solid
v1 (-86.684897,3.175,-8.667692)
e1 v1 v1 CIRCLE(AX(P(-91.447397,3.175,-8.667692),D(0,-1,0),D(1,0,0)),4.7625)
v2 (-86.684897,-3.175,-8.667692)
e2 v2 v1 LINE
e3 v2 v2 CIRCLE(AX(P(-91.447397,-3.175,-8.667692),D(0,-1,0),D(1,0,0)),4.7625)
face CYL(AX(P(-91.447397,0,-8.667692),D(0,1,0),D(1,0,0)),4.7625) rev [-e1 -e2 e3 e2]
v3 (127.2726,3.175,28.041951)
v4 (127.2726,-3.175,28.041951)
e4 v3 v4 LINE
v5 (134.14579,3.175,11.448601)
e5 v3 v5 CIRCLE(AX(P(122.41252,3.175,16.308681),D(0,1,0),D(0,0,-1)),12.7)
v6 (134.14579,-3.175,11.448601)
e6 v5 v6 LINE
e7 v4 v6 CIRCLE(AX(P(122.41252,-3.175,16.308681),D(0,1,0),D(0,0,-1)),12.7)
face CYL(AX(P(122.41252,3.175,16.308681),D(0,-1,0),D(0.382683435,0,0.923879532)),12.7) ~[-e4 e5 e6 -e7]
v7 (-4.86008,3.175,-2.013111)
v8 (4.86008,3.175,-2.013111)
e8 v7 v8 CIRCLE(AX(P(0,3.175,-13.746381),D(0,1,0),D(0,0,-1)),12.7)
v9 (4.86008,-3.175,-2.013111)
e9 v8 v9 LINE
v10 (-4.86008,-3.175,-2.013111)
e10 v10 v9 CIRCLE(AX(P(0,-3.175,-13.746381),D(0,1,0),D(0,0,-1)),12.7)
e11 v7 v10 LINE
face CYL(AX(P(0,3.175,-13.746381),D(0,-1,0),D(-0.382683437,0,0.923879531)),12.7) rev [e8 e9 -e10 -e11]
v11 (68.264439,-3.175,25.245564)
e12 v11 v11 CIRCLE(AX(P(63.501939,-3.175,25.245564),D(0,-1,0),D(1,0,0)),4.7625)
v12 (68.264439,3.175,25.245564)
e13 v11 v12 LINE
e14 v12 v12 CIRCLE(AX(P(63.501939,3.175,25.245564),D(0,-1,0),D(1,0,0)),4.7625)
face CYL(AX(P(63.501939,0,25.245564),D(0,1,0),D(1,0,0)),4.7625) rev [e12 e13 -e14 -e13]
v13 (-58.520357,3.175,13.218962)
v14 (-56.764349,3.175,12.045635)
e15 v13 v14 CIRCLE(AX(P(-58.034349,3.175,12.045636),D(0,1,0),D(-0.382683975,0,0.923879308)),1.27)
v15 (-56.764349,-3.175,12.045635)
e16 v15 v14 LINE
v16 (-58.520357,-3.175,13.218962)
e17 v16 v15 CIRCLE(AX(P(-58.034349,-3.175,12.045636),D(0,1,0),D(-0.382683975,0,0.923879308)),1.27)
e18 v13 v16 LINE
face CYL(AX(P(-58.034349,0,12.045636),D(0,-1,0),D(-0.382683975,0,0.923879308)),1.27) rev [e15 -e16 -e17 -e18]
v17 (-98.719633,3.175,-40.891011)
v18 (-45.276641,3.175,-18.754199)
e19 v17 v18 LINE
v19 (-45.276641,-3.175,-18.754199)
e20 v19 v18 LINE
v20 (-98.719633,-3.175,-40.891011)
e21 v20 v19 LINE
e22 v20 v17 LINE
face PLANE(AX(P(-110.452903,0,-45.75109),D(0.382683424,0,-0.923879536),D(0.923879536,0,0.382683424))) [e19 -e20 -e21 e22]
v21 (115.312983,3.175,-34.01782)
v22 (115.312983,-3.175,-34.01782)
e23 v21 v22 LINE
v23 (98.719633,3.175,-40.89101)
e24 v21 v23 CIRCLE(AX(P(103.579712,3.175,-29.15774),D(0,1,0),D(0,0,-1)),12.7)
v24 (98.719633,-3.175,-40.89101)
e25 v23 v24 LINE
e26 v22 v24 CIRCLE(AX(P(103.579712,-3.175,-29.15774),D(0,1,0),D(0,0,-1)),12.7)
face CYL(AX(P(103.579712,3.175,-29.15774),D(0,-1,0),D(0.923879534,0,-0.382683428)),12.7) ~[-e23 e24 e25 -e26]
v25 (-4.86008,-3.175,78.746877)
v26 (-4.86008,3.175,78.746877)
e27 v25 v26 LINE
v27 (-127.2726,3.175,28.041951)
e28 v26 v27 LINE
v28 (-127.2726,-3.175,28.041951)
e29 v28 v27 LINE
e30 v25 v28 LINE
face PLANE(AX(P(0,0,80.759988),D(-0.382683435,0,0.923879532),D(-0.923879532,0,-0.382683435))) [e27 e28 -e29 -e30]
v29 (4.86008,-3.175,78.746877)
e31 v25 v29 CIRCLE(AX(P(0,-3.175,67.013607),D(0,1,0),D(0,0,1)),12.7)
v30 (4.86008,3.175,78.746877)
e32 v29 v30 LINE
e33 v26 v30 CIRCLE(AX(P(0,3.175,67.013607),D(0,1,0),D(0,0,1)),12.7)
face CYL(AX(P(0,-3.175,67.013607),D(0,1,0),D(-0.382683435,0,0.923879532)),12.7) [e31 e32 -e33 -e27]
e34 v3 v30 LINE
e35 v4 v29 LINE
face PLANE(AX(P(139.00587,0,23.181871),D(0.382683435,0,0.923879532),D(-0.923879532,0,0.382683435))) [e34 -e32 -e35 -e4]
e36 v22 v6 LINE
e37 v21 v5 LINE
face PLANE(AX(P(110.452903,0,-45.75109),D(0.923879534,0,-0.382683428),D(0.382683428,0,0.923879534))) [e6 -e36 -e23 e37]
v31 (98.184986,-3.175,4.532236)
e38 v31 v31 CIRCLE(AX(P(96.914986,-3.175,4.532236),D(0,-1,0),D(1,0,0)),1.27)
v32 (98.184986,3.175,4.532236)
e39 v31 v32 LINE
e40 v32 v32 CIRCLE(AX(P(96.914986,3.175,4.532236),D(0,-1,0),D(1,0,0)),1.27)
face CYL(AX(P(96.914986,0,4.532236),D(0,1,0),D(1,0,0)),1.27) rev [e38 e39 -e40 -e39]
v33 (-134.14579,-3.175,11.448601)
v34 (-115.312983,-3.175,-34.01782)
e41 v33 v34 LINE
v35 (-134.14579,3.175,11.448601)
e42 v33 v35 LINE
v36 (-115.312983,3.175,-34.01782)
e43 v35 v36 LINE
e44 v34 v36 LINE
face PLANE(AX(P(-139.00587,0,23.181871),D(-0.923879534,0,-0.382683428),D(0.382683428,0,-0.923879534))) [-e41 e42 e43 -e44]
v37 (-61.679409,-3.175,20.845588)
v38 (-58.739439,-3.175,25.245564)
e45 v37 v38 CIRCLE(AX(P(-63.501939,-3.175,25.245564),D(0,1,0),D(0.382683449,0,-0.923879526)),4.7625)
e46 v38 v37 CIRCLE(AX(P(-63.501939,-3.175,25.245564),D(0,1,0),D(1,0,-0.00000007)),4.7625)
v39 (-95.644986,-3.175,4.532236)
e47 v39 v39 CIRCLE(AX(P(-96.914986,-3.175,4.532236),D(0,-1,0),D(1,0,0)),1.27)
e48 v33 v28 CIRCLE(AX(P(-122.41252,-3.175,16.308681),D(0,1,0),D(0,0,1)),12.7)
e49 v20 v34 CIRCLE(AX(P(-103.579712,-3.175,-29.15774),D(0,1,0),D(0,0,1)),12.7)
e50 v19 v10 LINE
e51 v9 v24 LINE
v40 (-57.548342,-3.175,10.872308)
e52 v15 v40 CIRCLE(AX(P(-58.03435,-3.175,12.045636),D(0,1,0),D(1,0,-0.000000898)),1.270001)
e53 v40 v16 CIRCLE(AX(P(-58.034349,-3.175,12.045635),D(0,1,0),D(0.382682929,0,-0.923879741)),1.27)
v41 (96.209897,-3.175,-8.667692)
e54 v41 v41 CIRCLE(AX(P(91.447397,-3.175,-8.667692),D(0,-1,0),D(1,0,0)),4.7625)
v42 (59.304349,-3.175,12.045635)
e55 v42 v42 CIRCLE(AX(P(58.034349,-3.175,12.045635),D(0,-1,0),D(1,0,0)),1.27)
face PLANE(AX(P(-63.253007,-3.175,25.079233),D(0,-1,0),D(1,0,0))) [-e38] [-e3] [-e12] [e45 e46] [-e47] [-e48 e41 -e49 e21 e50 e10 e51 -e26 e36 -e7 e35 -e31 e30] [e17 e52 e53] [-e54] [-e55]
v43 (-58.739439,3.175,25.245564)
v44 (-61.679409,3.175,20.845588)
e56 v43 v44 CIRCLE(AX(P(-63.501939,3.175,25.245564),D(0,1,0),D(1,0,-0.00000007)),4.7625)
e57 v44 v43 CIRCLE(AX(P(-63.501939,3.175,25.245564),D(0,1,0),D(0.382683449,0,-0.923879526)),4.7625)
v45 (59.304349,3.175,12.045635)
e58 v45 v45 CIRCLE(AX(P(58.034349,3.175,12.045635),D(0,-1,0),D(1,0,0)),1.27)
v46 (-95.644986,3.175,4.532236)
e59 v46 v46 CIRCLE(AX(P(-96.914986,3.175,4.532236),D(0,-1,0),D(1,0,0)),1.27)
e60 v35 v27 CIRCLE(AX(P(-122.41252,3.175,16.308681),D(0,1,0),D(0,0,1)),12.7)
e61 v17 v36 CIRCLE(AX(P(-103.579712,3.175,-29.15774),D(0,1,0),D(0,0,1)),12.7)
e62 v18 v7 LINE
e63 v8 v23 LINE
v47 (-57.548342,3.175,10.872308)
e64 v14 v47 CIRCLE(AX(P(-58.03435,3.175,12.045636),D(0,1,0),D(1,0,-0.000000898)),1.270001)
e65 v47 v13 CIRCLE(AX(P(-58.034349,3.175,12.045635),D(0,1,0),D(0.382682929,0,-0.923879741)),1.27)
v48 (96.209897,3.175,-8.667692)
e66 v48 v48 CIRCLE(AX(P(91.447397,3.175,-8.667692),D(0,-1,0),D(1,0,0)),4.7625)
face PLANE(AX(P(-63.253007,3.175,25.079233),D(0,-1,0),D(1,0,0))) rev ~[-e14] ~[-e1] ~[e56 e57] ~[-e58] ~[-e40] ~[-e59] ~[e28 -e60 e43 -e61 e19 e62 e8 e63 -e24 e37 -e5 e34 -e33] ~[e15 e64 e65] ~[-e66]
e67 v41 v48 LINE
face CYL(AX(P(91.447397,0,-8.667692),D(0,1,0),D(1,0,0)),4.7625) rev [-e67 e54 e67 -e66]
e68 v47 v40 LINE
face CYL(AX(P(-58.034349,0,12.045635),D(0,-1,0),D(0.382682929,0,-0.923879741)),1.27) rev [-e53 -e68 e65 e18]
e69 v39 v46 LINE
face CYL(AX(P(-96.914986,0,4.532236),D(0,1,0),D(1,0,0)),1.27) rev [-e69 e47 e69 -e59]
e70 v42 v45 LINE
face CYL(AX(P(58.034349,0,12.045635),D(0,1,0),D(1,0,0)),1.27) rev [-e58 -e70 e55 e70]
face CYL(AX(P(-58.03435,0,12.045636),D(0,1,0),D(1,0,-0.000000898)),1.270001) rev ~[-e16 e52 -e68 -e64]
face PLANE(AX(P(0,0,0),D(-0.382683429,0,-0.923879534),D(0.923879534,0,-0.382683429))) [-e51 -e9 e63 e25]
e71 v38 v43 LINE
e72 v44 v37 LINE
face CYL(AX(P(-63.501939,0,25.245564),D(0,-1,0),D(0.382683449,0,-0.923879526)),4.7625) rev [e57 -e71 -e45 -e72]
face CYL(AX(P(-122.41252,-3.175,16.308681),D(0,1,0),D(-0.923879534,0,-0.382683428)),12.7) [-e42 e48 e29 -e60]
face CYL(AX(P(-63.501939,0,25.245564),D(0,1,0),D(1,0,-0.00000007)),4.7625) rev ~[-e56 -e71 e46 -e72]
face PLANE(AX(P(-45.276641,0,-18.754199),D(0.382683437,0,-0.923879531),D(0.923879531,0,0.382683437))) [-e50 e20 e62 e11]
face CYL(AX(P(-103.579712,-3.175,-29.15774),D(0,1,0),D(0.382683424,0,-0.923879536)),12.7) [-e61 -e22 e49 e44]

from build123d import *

# Parameters (mm, degrees)
F0_R     = 4.7625
F0_R_2   = 1.27
F1_DEPTH = 3.175
F2_R     = 12.7


with BuildPart() as f1:
    # F0 (on Front) → F1 (new body, symmetric)
    with BuildSketch(Plane.XZ):
        with BuildLine():
            ThreePointArc((-58.739439, 25.245564), (-67.461813, 27.891467), (-61.679409, 20.845588))
            ThreePointArc((-61.679409, 20.845588), (-59.542065, 22.599661), (-58.739439, 25.245564))
        make_face()
        Polygon((-45.276641, -18.754199), (0, 0), (0, 80.759988), (-139.00587, 23.181871), (-110.452903, -45.75109), align=None)
        with Locations((-91.447397, -8.667692)):
            Circle(F0_R, mode=Mode.SUBTRACT)
        with Locations((-96.914986, 4.532236)):
            Circle(F0_R_2, mode=Mode.SUBTRACT)
        with BuildLine():
            ThreePointArc((-56.764349, 12.045635), (-56.978383, 11.340061), (-57.548342, 10.872308))
            ThreePointArc((-57.548342, 10.872308), (-59.207676, 11.559627), (-58.520357, 13.218962))
            ThreePointArc((-58.520357, 13.218962), (-57.328775, 13.101602), (-56.764349, 12.045635))
        make_face(mode=Mode.SUBTRACT)
        with BuildLine():
            ThreePointArc((-58.739439, 25.245564), (-59.542065, 22.599661), (-61.679409, 20.845588))
            ThreePointArc((-61.679409, 20.845588), (-67.461813, 27.891467), (-58.739439, 25.245564))
        make_face(mode=Mode.SUBTRACT)
        Polygon((0, 80.759988), (0, 0), (110.452903, -45.75109), (139.00587, 23.181871), align=None)
        with Locations((58.034349, 12.045635)):
            Circle(F0_R_2, mode=Mode.SUBTRACT)
        with Locations((91.447397, -8.667692)):
            Circle(F0_R, mode=Mode.SUBTRACT)
        with Locations((96.914986, 4.532236)):
            Circle(F0_R_2, mode=Mode.SUBTRACT)
        with Locations((63.501939, 25.245564)):
            Circle(F0_R, mode=Mode.SUBTRACT)
    extrude(amount=F1_DEPTH, both=True)

    # F2
    f2_edges = [f1.edges().sort_by_distance(p)[0] for p in [
        (-139.00587, 0, 23.181871),
        (0, 0, 80.759988),
        (0, 0, 0),
        (110.452903, 0, -45.75109),
        (139.00587, 0, 23.181871),
        (-110.452903, 0, -45.75109),
    ]]
    fillet(f2_edges, radius=F2_R)


solid = f1.part
